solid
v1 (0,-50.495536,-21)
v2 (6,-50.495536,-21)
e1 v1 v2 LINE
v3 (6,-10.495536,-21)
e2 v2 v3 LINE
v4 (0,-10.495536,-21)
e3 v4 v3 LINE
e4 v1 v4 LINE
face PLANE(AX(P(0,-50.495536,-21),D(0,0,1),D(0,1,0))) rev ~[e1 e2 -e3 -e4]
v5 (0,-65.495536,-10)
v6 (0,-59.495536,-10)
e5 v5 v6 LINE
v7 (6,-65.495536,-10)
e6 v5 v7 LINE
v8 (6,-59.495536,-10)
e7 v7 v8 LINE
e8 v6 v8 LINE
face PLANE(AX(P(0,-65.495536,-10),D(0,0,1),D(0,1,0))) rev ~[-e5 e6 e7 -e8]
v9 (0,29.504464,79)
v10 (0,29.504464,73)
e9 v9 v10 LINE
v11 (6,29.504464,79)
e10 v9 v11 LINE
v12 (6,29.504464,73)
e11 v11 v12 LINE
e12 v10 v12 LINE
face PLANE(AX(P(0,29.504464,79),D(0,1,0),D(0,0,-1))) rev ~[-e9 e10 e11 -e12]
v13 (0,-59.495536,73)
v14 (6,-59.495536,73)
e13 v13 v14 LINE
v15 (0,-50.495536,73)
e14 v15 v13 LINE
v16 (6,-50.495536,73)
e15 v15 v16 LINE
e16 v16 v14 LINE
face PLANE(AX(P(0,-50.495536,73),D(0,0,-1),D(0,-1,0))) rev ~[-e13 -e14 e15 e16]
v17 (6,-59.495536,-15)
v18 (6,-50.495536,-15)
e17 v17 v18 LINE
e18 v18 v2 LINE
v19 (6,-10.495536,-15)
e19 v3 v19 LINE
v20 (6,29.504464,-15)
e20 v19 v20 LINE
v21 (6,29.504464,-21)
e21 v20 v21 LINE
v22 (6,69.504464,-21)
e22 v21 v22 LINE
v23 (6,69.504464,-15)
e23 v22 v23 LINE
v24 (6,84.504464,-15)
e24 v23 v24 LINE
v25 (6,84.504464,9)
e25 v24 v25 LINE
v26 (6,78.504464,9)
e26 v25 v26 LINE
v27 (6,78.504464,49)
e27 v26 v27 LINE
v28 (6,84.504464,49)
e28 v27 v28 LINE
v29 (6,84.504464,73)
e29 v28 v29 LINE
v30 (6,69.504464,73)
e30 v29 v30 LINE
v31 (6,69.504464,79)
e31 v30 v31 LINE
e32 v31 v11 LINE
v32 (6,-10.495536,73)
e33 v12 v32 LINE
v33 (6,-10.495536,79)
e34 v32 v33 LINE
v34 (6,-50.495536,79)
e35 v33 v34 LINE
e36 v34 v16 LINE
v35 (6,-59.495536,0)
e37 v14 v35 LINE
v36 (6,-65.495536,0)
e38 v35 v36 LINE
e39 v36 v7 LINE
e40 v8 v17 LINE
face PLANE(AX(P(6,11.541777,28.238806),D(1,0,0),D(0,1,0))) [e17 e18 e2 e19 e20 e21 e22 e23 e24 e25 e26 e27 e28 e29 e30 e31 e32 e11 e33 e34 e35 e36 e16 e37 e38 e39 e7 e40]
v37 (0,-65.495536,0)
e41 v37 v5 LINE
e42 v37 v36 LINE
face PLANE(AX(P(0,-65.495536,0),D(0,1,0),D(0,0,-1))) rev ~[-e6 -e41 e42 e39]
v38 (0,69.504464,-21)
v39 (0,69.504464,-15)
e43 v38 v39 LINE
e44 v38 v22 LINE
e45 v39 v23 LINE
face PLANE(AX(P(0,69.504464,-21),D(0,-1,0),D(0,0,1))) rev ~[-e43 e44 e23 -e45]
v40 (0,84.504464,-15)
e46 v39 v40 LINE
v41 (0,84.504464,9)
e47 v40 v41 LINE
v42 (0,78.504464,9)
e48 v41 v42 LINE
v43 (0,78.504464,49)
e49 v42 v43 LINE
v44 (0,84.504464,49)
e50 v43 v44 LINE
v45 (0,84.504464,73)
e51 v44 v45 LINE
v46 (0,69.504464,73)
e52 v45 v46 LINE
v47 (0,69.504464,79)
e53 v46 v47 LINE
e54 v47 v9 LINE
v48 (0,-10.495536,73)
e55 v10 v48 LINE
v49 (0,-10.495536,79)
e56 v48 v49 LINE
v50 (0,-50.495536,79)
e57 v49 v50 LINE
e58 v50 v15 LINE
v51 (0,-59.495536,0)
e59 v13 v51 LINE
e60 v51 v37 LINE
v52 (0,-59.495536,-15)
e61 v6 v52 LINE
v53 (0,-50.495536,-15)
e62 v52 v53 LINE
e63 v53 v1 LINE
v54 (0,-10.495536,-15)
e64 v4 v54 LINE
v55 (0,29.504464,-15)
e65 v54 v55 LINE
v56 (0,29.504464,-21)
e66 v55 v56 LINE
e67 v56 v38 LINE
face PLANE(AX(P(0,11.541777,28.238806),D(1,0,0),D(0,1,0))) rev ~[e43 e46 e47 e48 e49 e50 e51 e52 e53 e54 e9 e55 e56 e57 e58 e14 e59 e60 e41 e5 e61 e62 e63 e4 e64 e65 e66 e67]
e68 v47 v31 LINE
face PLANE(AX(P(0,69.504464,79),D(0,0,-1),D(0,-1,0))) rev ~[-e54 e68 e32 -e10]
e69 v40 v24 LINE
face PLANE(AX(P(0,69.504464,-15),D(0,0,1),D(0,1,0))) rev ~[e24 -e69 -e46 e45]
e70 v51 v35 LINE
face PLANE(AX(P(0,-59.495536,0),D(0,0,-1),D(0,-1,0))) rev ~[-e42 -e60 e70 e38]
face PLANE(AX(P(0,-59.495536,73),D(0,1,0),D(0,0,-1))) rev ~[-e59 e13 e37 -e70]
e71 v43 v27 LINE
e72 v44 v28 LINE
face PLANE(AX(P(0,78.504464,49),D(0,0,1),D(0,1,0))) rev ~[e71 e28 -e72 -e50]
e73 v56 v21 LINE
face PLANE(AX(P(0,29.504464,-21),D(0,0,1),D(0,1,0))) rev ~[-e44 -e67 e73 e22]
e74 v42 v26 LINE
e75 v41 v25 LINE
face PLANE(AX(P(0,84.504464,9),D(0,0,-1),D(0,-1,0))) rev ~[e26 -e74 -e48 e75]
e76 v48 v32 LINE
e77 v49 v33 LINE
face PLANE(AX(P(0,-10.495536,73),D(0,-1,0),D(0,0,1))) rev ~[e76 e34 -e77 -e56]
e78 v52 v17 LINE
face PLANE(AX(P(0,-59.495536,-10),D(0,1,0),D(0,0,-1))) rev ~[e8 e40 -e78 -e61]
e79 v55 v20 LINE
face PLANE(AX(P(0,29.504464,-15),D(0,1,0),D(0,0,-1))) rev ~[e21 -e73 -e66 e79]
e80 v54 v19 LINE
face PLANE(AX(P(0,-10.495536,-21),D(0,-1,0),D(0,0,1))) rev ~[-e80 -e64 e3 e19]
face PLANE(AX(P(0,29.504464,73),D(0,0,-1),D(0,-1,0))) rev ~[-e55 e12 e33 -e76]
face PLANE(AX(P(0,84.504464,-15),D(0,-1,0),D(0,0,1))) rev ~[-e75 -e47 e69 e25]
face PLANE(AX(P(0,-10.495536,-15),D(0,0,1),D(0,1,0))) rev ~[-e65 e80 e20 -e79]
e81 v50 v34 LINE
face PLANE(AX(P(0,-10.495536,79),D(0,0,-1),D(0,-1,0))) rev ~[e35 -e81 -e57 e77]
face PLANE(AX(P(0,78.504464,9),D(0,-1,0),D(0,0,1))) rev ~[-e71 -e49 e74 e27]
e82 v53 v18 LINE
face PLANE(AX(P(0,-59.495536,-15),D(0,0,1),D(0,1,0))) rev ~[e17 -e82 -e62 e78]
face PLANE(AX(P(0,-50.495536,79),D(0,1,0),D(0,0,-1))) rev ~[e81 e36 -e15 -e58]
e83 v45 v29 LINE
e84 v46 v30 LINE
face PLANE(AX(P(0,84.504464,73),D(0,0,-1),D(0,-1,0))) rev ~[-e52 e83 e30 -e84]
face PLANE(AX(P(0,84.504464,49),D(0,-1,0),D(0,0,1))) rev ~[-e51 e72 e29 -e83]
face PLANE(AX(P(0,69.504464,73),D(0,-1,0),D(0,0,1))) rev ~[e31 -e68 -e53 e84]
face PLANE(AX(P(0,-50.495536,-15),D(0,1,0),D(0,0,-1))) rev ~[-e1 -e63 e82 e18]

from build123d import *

# Parameters (mm, degrees)
F1_DEPTH = 6


with BuildPart() as f1:
    # F0 (on Right) → F1 (new body)
    with BuildSketch(Plane.YZ):
        Polygon((-50.495536, 79), (-50.495536, 73), (-59.495536, 73), (-59.495536, 0), (-65.495536, 0), (-65.495536, -10), (-59.495536, -10), (-59.495536, -15), (-50.495536, -15), (-50.495536, -21), (-10.495536, -21), (-10.495536, -15), (29.504464, -15), (29.504464, -21), (69.504464, -21), (69.504464, -15), (84.504464, -15), (84.504464, 9), (78.504464, 9), (78.504464, 49), (84.504464, 49), (84.504464, 73), (69.504464, 73), (69.504464, 79), (29.504464, 79), (29.504464, 73), (-10.495536, 73), (-10.495536, 79), align=None)
    extrude(amount=F1_DEPTH)


solid = f1.part
